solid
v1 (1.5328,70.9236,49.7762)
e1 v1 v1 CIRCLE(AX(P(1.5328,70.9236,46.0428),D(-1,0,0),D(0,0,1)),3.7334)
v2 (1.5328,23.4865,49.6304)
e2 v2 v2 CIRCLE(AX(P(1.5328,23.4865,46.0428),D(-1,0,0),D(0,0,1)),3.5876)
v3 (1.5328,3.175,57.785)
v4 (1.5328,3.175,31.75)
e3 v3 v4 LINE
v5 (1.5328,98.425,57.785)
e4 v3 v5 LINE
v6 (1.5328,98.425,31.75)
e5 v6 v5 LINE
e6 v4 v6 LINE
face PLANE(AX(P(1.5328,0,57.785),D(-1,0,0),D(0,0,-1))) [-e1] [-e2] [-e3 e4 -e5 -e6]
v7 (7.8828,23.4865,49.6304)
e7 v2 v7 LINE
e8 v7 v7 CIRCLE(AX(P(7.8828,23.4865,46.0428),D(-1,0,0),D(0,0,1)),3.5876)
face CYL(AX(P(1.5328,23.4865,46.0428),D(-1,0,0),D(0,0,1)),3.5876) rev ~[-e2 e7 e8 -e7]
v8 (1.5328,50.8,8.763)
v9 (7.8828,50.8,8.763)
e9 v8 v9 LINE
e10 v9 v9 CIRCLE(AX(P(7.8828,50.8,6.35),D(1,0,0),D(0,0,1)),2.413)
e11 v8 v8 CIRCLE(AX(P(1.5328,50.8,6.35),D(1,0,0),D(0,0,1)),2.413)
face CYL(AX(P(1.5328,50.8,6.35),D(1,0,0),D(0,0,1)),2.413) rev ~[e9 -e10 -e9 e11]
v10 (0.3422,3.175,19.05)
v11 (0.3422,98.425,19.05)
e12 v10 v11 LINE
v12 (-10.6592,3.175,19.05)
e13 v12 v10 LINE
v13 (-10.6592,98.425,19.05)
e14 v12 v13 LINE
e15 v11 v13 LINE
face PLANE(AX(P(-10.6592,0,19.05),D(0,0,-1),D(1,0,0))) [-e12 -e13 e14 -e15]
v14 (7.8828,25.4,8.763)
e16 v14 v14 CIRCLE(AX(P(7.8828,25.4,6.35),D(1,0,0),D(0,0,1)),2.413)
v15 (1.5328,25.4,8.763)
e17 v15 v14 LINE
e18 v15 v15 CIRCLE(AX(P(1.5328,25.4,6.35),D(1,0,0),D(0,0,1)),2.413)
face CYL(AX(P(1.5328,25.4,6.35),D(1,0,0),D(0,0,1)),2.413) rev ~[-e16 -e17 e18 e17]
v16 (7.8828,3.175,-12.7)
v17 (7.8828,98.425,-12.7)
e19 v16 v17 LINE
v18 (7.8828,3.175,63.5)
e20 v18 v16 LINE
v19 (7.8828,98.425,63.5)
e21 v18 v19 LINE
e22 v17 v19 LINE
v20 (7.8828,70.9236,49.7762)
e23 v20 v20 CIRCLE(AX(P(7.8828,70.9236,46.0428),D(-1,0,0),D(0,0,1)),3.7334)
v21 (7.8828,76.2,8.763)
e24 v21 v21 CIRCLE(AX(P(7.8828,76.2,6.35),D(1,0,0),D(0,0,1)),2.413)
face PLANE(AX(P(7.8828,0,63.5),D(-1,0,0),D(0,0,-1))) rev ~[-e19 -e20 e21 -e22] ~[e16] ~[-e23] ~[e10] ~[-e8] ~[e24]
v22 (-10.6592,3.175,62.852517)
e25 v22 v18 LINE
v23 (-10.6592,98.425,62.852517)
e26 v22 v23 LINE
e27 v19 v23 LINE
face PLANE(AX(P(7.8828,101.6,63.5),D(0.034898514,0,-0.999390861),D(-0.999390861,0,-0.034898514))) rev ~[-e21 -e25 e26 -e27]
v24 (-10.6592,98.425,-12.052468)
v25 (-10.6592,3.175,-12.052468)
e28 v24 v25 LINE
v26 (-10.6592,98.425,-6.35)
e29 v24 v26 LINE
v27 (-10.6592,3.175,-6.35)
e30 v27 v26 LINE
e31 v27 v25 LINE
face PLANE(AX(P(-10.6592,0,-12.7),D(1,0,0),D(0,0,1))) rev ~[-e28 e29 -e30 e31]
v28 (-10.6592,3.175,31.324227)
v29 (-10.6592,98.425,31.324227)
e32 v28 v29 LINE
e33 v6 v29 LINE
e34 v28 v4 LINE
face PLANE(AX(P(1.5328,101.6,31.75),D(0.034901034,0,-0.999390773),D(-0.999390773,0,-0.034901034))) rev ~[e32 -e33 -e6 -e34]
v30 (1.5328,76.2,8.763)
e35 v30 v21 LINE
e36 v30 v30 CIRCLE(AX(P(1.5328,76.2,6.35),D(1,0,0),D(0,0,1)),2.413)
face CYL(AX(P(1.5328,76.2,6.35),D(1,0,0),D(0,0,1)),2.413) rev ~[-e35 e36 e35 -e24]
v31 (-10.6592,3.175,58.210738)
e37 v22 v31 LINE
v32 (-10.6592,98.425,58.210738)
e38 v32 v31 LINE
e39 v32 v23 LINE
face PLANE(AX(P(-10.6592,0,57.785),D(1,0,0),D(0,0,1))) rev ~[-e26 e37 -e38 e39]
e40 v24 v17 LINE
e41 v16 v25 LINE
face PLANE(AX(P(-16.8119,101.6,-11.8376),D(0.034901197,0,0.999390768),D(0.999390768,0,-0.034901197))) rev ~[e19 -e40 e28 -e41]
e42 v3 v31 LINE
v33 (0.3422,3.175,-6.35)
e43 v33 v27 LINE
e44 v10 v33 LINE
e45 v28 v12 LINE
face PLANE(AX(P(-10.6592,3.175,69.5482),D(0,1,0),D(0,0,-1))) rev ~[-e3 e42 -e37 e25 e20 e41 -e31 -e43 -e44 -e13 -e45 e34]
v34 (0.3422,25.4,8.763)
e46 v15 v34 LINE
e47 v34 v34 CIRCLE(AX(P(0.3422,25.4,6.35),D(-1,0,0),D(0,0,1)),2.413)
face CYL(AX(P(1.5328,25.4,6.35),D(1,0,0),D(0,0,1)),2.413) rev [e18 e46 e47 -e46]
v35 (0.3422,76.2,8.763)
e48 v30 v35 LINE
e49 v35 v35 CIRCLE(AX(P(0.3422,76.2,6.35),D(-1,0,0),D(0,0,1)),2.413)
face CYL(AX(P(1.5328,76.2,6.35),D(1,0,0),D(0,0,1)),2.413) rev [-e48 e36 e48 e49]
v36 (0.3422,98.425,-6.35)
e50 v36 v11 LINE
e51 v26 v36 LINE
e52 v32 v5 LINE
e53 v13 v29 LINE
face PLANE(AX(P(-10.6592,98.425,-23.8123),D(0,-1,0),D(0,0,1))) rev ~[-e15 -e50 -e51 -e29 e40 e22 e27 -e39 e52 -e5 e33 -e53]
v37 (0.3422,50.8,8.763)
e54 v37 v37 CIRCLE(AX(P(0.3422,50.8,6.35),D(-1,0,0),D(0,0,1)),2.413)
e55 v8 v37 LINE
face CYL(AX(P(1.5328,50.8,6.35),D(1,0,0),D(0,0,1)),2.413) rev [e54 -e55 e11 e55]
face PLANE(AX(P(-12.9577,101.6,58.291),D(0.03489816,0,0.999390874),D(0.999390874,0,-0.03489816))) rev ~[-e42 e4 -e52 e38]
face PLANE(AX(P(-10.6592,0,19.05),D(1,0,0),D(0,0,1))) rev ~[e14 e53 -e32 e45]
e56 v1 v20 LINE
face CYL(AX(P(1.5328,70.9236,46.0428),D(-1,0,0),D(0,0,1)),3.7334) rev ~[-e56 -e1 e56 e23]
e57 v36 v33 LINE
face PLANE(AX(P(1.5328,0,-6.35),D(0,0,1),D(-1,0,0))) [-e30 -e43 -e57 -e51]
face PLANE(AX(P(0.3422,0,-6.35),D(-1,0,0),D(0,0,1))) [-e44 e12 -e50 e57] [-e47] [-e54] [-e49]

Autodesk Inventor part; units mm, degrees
ref_plane "YZ Plane" through (0, 0, 0) normal (1, 0, 0) x (0, 1, 0)
ref_plane "XZ Plane" through (0, 0, 0) normal (0, 1, 0) x (-1, 0, 0)
ref_plane "XY Plane" through (0, 0, 0) normal (0, 0, 1) x (1, 0, 0)
sketch "Sketch1" plane through (0, 0, 0) normal (0, 1, 0) x (-1, 0, 0)
  line L0 (10.6592, 63.5) -> (-7.8828, 63.5)
  line L1 (-7.8828, 63.5) -> (-7.8828, -12.7)
  line L2 (-7.8828, -12.7) -> (10.6592, -12.7)
  line L3 (10.6592, 57.785) -> (-1.5328, 57.785)
  line L4 (-1.5328, 57.785) -> (-1.5328, 31.75)
  line L5 (-1.5328, 31.75) -> (10.6592, 31.75)
  line L6 (10.6592, 19.05) -> (-1.5328, 19.05)
  line L7 (-1.5328, 19.05) -> (-1.5328, -6.35)
  line L8 (-1.5328, -6.35) -> (10.6592, -6.35)
  line L9 (10.6592, -12.7) -> (10.6592, -6.35)
  line L10 (10.6592, 19.05) -> (10.6592, 31.75)
  line L11 (10.6592, 57.785) -> (10.6592, 63.5)
  point P0 (0, 0)
  dimension "d0" = 18.542
  dimension "d3" = 6.35
  dimension "d4" = 12.7
  dimension "d5" = 5.715
  dimension "d7" = 0
  dimension "d8" = 26.035
  dimension "d9" = 25.4
  dimension "d25" = 0
  dimension "d26" = 0
extrude "Extrusion1" add sketch "Sketch1" along normal blind 101.6
sketch "Sketch2" plane through (1.5328, 0, -6.35) normal (-1, 0, 0) x (0, 0, 1)
  line L0 (0, 0) -> (0, 101.6) projected
  line L1 (0, 0) -> (25.4, 0) projected
  point P0 (6.35, 0)
  point P1 (12.7, 25.4)
  point P2 (12.7, 50.8)
  point P3 (12.7, 76.2)
  dimension "d12" = 12.7
  dimension "d13" = 25.4
  dimension "d14" = 25.4
  dimension "d15" = 0
  dimension "d16" = 0
  dimension "d17" = 25.4
hole "Hole1" at (1.5328, 25.4, 6.35) at (1.5328, 50.8, 6.35) at (1.5328, 76.2, 6.35) direction (1, 0, 0) diameter 4.826 depth 25.4 tip angle 118
sketch "Sketch3" plane through (0, 101.6, 0) normal (0, 1, 0) x (1, 0, 0)
  line L0 (1.5328, -31.75) -> (-10.7917, -31.3196)
  line L1 (-10.7917, -31.3196) -> (-10.7917, -31.75)
  line L2 (-10.6592, -31.75) -> (1.5328, -31.75) projected
  line L3 (-10.7917, -31.75) -> (1.5328, -31.75)
  point P0 (0, 0)
  dimension "d27" = 2
extrude "Extrusion2" cut sketch "Sketch3" against normal blind 111.125
sketch "Sketch4" plane through (0, 101.6, 0) normal (0, 1, 0) x (1, 0, 0)
  line L0 (1.5328, -57.785) -> (-12.9577, -57.785)
  line L1 (-12.9577, -57.785) -> (-12.9577, -58.291)
  line L2 (-12.9577, -58.291) -> (1.5328, -57.785)
  point P0 (0, 0)
  dimension "d30" = 2
extrude "Extrusion3" cut sketch "Sketch4" against normal blind 119.0625
sketch "Sketch5" plane through (0, 101.6, 0) normal (0, 1, 0) x (1, 0, 0)
  line L0 (-10.6592, -63.5) -> (7.8828, -63.5) projected
  line L1 (7.8828, -63.5) -> (-13.0423, -62.7693)
  line L2 (-13.0423, -62.7693) -> (-13.0009, -63.5)
  line L3 (-13.0009, -63.5) -> (7.8828, -63.5)
  point P0 (0, 0)
  dimension "d33" = 2
extrude "Extrusion4" cut sketch "Sketch5" against normal blind 196.85
sketch "Sketch6" plane through (0, 101.6, 0) normal (0, 1, 0) x (1, 0, 0)
  line L0 (7.8828, 12.7) -> (-10.6592, 12.7) projected
  line L1 (7.8828, 12.7) -> (-16.8119, 12.7)
  line L2 (-16.8119, 12.7) -> (-16.8119, 11.8376)
  line L3 (7.8828, -63.5) -> (7.8828, 12.7) projected
  line L4 (-16.8119, 11.8376) -> (7.8828, 12.7)
  point P0 (0, 0)
  dimension "d36" = 2
extrude "Extrusion5" cut sketch "Sketch6" against normal blind 334.9625
sketch "Sketch8" plane through (1.5328, 0, -6.35) normal (-1, 0, 0) x (0, 0, 1)
  line L0 (0, 0) -> (25.4, 0) projected
  circle A0 centre (12.7, 25.4) radius 2.413 projected
  circle A1 centre (12.7, 50.8) radius 2.413 projected
  circle A2 centre (12.7, 76.2) radius 2.413 projected
  line L1 (25.4, 0) -> (25.4, 101.6) projected
  line L2 (0, 0) -> (25.4, 0)
  line L3 (25.4, 0) -> (25.4, 101.6)
  line L4 (25.4, 101.6) -> (0, 101.6)
  line L5 (0, 101.6) -> (0, 0)
  circle A3 centre (12.7, 25.4) radius 2.413
  circle A4 centre (12.7, 50.8) radius 2.413
  circle A5 centre (12.7, 76.2) radius 2.413
  point P0 (6.35, 0)
extrude "Extrusion7" add sketch "Sketch8" along normal blind 1.1906
sketch "Sketch14" plane through (1.5328, 0, 31.75) normal (-1, 0, 0) x (0, 0, 1)
  circle A0 centre (14.2928, 23.4865) radius 3.5876
  circle A1 centre (14.2928, 70.9236) radius 3.7334
  point P0 (-31.75, 0)
extrude "Extrusion11" cut sketch "Sketch14" against normal blind 55.5625
sketch "Sketch15" plane through (-10.6592, 0, 19.05) normal (-1, 0, 0) x (0, 0, 1)
  line L0 (-46.1003, -15.0429) -> (50.4982, -15.0429)
  line L1 (50.4982, -15.0429) -> (50.4982, 3.175)
  line L2 (50.4982, 3.175) -> (-46.1003, 3.175)
  line L3 (-46.1003, 3.175) -> (-46.1003, -15.0429)
  line L4 (0, 0) -> (12.2742, 0) projected
  line L5 (-42.8623, 98.425) -> (49.6887, 98.425)
  line L6 (49.6887, 98.425) -> (49.6887, 110.1573)
  line L7 (49.6887, 110.1573) -> (-42.8623, 110.1573)
  line L8 (-42.8623, 110.1573) -> (-42.8623, 98.425)
  line L9 (0, 101.6) -> (12.2742, 101.6) projected
  point P0 (-19.05, 0)
  dimension "d55" = 3.175
  dimension "d56" = 3.175
extrude "Extrusion12" cut sketch "Sketch15" against normal blind 50.8
equation "\"d0\" = ElvDelWidth"
equation "\"d3\" = ElvDelFrontTabLength"
equation "\"d9\" = ElvBeamWidth"
equation "\"d10\" = ElvDelHeight"
equation "\"ElvBeamWidth\" = 25.4"
equation "\"ElvDelWidth\" = 18.542"
equation "\"ElvDelHeight\" = 101.6"
equation "\"ElvDelFrontTabLength\" = 6.35"
equation "\"ElvDelDepth\" = 6.35"
equation "\"d2\" = ElvDelDepth"
equation "\"ElvCrossBeamLength\" = 304.8"
equation "\"ElvFixedBeamLength\" = 990.6"
equation "\"ElvMiddleBeamLength\" = 990.6"
equation "\"ElvFrontBeamLength\" = 990.6"
equation "\"ElvEndEffectLength\" = 431.8"
equation "\"ElvWallWidth\" = 1.5875"
equation "\"ElvTopBeamLength\" = 457.2"
equation "\"ElvHoleFromFront\" = 25.4"
equation "\"ElvHoleFromMid\" = 38.1"
equation "\"ElvHoleFromFixed\" = 50.8"
equation "\"ElvHoleFromBottom\" = 38.1"
equation "\"ElvRivetPlateLength\" = 76.2"
equation "\"ElvDelMiddleTabLength\" = 6.35"
properties part number "ElvDelV6" material "Acetal Resin, White"
